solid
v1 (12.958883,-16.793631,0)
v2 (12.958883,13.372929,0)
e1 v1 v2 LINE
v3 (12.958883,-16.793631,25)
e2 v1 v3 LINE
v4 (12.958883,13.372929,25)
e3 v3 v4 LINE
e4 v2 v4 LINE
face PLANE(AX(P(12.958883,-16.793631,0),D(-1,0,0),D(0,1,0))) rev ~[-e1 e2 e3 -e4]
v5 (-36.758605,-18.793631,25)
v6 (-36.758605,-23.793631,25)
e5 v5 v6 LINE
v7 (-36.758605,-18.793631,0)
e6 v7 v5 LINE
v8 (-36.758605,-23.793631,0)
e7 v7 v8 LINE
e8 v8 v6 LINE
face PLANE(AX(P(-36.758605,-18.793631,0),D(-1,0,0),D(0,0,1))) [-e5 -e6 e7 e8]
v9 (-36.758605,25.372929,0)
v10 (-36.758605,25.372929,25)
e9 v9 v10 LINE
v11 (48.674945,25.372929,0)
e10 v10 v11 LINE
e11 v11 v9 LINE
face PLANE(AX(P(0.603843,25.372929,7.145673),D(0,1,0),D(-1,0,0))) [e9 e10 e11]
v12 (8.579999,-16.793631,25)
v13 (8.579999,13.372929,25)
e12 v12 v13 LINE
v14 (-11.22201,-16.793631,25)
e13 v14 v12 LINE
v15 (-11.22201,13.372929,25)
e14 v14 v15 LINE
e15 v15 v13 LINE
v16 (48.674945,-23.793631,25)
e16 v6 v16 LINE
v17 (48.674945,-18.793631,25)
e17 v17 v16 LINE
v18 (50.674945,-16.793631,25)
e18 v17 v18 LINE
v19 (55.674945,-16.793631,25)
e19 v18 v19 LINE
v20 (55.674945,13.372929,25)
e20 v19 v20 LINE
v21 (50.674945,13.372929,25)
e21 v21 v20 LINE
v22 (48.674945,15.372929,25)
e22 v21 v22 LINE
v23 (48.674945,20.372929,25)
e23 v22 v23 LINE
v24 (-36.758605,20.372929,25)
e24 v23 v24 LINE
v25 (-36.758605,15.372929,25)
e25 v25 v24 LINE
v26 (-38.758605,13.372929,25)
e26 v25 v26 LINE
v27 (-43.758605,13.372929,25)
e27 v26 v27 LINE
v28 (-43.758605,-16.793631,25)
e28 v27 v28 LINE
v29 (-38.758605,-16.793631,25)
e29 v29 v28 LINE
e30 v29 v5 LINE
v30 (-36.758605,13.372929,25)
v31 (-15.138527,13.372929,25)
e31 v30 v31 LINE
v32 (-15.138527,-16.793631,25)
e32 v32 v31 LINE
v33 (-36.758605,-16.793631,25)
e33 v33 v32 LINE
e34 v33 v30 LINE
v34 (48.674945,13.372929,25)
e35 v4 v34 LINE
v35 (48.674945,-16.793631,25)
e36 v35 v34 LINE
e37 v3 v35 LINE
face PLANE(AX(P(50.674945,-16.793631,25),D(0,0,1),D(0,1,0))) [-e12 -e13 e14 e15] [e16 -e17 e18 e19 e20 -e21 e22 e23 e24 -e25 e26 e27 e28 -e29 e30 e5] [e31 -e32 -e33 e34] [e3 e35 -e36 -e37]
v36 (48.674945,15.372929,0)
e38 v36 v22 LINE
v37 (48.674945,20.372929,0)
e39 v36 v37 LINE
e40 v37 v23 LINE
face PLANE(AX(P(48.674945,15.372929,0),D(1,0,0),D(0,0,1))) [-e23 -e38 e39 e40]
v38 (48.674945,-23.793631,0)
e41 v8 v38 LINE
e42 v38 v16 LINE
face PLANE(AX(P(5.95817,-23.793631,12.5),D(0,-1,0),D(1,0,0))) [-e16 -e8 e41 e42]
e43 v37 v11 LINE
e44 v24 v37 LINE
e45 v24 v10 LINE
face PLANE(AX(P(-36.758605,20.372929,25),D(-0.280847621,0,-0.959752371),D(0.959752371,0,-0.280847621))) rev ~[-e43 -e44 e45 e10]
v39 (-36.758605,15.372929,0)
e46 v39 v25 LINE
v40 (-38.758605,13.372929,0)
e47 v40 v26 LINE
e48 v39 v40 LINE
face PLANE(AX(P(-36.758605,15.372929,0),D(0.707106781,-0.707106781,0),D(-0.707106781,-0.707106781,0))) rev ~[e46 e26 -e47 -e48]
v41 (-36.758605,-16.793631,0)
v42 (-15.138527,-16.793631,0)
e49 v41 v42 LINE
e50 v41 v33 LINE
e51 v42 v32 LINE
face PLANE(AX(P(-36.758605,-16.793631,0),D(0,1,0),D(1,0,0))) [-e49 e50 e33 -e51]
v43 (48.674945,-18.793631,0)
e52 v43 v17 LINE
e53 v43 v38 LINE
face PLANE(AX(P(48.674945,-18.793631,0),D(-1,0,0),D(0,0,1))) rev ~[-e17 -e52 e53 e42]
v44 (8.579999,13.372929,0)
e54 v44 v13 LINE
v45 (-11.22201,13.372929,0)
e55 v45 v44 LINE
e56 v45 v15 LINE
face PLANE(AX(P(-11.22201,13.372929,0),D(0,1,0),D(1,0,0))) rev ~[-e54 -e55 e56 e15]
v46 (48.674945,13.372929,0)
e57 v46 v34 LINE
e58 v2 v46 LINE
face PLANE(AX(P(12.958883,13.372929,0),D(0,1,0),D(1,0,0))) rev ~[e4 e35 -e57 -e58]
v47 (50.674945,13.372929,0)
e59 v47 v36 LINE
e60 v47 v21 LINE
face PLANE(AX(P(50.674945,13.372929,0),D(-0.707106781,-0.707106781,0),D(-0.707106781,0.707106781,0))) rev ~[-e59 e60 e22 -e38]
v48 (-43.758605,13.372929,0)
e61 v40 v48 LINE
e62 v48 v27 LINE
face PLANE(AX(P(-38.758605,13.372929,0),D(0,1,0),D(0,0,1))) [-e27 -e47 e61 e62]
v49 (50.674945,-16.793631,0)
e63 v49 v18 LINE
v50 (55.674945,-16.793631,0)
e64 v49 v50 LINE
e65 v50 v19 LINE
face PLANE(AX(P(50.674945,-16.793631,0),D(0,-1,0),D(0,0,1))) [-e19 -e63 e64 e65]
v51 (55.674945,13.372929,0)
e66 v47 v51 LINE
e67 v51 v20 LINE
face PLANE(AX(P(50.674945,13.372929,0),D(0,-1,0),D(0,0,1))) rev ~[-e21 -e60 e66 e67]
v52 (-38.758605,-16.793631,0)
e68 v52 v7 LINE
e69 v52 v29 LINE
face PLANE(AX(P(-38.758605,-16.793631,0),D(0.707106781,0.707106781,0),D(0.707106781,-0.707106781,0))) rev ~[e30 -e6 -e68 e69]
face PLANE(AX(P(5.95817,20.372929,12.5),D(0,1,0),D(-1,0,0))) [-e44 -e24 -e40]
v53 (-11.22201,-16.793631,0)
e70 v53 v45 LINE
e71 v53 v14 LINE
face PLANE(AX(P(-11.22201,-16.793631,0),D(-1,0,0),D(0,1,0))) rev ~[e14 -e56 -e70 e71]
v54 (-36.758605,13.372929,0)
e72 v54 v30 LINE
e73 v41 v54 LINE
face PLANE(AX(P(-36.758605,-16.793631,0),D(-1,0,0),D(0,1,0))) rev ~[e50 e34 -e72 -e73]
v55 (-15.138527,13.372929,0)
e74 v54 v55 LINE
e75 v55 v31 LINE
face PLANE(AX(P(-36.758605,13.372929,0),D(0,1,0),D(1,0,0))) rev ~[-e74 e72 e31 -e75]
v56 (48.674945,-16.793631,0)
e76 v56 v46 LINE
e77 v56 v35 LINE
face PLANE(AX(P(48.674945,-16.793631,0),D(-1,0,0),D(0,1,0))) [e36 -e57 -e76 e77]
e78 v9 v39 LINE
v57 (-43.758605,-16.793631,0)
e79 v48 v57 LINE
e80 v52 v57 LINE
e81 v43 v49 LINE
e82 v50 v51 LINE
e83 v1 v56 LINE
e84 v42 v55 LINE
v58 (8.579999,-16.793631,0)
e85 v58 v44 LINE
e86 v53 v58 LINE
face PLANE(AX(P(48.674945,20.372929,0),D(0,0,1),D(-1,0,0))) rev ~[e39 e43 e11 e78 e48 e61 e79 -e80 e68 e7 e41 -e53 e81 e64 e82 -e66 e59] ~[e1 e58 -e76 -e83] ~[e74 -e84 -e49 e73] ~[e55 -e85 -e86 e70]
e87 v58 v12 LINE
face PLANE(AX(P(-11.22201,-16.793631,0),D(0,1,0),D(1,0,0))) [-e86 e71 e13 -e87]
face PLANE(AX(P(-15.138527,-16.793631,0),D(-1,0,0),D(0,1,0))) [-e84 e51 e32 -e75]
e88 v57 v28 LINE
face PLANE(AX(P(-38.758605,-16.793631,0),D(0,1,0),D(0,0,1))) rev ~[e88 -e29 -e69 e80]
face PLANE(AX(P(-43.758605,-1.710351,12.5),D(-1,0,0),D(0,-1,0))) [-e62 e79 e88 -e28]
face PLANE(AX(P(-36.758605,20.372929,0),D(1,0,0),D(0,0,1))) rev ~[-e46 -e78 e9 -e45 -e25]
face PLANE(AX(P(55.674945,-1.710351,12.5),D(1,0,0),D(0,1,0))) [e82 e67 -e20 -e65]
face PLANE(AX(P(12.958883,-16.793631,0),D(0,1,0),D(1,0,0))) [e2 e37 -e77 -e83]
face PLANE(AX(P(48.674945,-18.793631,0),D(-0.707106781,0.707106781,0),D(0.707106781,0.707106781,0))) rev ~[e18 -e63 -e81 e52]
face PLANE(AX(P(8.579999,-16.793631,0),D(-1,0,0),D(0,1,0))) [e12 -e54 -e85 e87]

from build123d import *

# Parameters (mm, degrees)
F0_W      = 21.620078
F0_H      = 30.16656
F0_W_2    = 19.802009
F0_W_3    = 35.716062
F1_DEPTH  = 25
F2_W      = 85.43355
F2_H      = 25
F3_DEPTH  = 5
F4_W      = 85.43355
F4_H      = 25
F5_DEPTH  = 5
F6_W      = 30.16656
F6_H      = 25
F7_DEPTH  = 5
F8_W      = 30.16656
F8_H      = 25
F9_DEPTH  = 5
F11_DEPTH = 5


with BuildPart() as f1:
    # F0 (on Top) → F1 (new body)
    with BuildSketch(Plane.XY):
        Polygon((-36.758605, 15.372929), (-38.758605, 13.372929), (-38.758605, -16.793631), (-36.758605, -18.793631), (48.674945, -18.793631), (50.674945, -16.793631), (50.674945, 13.372929), (48.674945, 15.372929), align=None)
        with Locations((-25.948566, -1.710351)):
            Rectangle(F0_W, F0_H, mode=Mode.SUBTRACT)
        with Locations((-1.321006, -1.710351)):
            Rectangle(F0_W_2, F0_H, mode=Mode.SUBTRACT)
        with Locations((30.816914, -1.710351)):
            Rectangle(F0_W_3, F0_H, mode=Mode.SUBTRACT)
    extrude(amount=F1_DEPTH)

    # F2 (on face) → F3 (join)
    with BuildSketch(Plane(origin=(0, 15.372929, 0), x_dir=(-1, 0, 0), z_dir=(0, 1, 0))):
        with Locations((-5.95817, 12.5)):
            Rectangle(F2_W, F2_H)
    extrude(amount=F3_DEPTH)

    # F4 (on face) → F5 (join)
    with BuildSketch(Plane.XZ.offset(18.793631)):
        with Locations((5.95817, 12.5)):
            Rectangle(F4_W, F4_H)
    extrude(amount=F5_DEPTH)

    # F6 (on face) → F7 (join)
    with BuildSketch(Plane(origin=(-38.758605, 0, 0), x_dir=(0, -1, 0), z_dir=(-1, 0, 0))):
        with Locations((1.710351, 12.5)):
            Rectangle(F6_W, F6_H)
    extrude(amount=F7_DEPTH)

    # F8 (on face) → F9 (join)
    with BuildSketch(Plane.YZ.offset(50.674945)):
        with Locations((-1.710351, 12.5)):
            Rectangle(F8_W, F8_H)
    extrude(amount=F9_DEPTH)

    # F10 (on face) → F11 (join)
    with BuildSketch(Plane(origin=(0, 20.372929, 0), x_dir=(-1, 0, 0), z_dir=(0, 1, 0))):
        Polygon((36.758605, 25), (-48.674945, 0), (36.758605, 0), align=None)
    extrude(amount=F11_DEPTH)


solid = f1.part
